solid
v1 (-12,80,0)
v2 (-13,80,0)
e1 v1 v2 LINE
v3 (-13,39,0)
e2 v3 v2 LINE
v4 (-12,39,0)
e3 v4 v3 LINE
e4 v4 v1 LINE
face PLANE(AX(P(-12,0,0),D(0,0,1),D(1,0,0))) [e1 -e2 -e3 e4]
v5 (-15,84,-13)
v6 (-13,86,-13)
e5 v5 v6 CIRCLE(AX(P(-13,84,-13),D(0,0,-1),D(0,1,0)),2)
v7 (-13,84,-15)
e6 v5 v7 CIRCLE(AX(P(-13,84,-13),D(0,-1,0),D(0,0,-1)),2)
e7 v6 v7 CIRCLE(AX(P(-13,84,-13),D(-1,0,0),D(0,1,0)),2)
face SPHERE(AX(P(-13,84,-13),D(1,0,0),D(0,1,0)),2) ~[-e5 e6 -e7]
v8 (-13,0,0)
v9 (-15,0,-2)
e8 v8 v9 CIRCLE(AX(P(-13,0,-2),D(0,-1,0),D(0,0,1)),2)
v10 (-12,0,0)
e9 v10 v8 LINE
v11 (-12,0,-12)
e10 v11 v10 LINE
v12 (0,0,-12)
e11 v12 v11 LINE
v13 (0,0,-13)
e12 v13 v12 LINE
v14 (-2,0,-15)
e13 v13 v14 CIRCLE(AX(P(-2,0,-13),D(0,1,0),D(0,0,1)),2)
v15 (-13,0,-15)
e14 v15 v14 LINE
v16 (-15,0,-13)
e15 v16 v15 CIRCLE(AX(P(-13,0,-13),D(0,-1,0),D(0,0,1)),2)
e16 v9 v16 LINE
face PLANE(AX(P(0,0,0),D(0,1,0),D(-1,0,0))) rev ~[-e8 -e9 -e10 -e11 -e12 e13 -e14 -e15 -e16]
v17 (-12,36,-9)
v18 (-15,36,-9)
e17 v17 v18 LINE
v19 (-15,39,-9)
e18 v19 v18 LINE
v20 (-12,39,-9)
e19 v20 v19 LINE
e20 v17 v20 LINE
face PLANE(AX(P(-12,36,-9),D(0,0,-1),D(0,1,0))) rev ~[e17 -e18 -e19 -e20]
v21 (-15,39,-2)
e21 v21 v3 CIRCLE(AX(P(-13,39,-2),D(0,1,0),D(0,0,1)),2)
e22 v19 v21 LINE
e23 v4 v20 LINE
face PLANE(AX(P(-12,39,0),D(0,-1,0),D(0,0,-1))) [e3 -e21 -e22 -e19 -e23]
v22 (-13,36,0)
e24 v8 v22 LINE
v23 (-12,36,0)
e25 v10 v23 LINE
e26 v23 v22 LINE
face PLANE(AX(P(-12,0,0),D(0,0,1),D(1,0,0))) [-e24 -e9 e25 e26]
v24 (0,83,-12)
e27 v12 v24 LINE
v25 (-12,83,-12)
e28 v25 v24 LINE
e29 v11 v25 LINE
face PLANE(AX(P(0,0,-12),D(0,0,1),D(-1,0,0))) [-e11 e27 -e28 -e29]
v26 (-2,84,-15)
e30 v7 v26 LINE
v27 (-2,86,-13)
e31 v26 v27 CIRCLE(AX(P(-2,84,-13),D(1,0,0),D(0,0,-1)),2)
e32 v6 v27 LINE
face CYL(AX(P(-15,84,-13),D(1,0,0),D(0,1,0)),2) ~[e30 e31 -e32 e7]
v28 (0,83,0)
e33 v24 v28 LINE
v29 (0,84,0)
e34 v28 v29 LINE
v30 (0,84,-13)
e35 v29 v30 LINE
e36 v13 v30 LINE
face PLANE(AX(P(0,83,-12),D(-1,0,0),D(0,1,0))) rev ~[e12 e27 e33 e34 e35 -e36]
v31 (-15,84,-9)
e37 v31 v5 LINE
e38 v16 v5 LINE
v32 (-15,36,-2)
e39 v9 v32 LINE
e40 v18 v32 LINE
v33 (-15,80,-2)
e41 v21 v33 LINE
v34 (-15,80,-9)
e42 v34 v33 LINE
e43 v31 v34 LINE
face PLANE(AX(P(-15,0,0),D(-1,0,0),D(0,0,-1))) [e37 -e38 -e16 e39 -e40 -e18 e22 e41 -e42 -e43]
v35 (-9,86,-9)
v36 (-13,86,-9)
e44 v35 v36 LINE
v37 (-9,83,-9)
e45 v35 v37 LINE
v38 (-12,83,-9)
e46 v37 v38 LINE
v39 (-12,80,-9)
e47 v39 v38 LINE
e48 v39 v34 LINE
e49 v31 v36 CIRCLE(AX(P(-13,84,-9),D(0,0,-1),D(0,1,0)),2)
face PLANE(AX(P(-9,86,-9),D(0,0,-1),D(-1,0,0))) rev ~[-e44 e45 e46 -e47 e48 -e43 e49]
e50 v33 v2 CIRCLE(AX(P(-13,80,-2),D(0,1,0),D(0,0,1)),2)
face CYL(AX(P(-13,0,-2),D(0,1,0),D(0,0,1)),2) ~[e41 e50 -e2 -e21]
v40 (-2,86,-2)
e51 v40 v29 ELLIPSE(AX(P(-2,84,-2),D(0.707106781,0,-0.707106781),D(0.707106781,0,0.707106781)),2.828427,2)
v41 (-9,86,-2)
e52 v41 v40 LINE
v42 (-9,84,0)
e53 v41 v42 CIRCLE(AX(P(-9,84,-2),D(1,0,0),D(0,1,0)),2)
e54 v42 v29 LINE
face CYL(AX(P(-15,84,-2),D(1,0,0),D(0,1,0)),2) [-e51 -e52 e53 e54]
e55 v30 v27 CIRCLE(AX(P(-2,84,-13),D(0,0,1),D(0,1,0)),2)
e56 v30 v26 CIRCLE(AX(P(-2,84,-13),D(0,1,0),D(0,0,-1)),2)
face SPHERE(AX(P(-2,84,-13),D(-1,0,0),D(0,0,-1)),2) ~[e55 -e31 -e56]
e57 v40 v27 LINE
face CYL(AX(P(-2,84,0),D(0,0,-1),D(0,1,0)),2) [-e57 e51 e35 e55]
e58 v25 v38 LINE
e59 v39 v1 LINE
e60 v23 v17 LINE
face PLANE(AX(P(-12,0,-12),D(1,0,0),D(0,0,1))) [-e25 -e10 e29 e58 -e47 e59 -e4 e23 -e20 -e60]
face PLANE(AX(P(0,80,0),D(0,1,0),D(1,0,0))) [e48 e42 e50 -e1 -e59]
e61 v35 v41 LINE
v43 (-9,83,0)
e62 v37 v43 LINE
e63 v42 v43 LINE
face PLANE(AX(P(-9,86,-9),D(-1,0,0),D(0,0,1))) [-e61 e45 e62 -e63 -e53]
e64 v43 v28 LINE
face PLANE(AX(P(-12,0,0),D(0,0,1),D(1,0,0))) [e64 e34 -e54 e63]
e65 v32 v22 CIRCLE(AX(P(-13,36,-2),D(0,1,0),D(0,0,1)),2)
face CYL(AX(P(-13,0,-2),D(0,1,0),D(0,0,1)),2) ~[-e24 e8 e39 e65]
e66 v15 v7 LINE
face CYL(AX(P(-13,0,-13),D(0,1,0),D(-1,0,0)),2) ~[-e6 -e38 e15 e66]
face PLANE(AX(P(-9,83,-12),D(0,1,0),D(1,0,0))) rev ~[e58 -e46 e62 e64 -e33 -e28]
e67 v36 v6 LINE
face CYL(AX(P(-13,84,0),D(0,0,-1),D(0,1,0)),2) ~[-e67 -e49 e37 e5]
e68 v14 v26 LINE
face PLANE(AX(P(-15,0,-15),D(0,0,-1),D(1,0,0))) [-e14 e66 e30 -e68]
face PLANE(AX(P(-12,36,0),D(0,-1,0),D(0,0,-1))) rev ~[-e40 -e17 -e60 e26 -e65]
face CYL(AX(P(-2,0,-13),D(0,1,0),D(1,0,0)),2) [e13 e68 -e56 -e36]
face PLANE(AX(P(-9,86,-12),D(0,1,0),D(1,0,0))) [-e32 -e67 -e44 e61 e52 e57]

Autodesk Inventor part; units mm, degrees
ref_plane "YZ Plane" through (0, 0, 0) normal (1, 0, 0) x (0, 1, 0)
ref_plane "XZ Plane" through (0, 0, 0) normal (0, 1, 0) x (-1, 0, 0)
ref_plane "XY Plane" through (0, 0, 0) normal (0, 0, 1) x (1, 0, 0)
sketch "Sketch1" plane through (0, 0, 0) normal (0, 1, 0) x (-1, 0, 0)
  line L0 (15, 0) -> (15, -15)
  line L1 (15, -15) -> (0, -15)
  line L2 (0, -15) -> (0, -12)
  line L3 (0, -12) -> (12, -12)
  line L4 (12, -12) -> (12, 0)
  line L5 (12, 0) -> (15, 0)
  point P0 (0, 0)
  dimension "d0" = 15
  dimension "d1" = 15
  dimension "d10" = 3
  dimension "d11" = 12
  dimension "d12" = 12
extrude "Extrusion1" add sketch "Sketch1" along normal blind 86
sketch "Sketch4" plane through (-12, 0, 0) normal (1, 0, 0) x (0, 0, -1)
  line L0 (0, 0) -> (0, 86) projected
  line L1 (12, 0) -> (12, 86) projected
  line L2 (0, 86) -> (12, 86)
  line L3 (12, 86) -> (12, 83)
  line L4 (12, 83) -> (0, 83)
  line L5 (0, 83) -> (0, 86)
  dimension "d13" = 3
extrude "Extrusion3" add sketch "Sketch4" along normal blind 3
sketch "Sketch6" plane through (-12, 0, -12) normal (0, 0, 1) x (1, 0, 0)
  line L0 (3, 86) -> (12, 86) projected
  line L1 (12, 86) -> (3, 86)
  line L2 (3, 86) -> (3, 83)
  line L3 (3, 83) -> (12, 83)
  line L4 (12, 83) -> (12, 86)
  point P0 (12, 0)
extrude "Extrusion4" add sketch "Sketch6" along normal blind 12
fillet "Fillet3" radius 2 7 edges at (-7.5, 86, -15) (-15, 86, -7.5) (-15, 43, -15) (0, 43, -15) (-7.5, 86, 0) (0, 86, -7.5) (-15, 43, 0)
sketch "Sketch11" plane through (0, 86, 0) normal (0, 1, 0) x (1, 0, 0)
  arc A0 (-15, 2) -> (-13, 0) centre (-13, 2) ccw projected
  line L0 (-13, 0) -> (-10, 0)
  line L1 (-15, 9) -> (-15, 0)
  line L2 (-15, 0) -> (-13, 0)
  line L3 (-9, 9) -> (-9, 0)
  line L4 (-9, 0) -> (-15, 0)
  line L5 (-9, 9) -> (-15, 9)
  point P0 (0, 0)
  point P1 (-13, 0)
extrude "Extrusion7" cut sketch "Sketch11" against normal blind 6
sketch "Sketch12" plane through (-12, 0, 0) normal (1, 0, 0) x (0, 0, -1)
  line L0 (0, 33) -> (9, 33) construction
  line L1 (0, 0) -> (0, 80) projected
  line L2 (0, 36) -> (9, 36)
  line L3 (0, 39) -> (0, 36)
  line L4 (9, 36) -> (9, 39)
  line L5 (0, 39) -> (9, 39)
  line L6 (0, 0) -> (0, 80) projected
  line L7 (0, 36) -> (0, 39)
extrude "Extrusion8" cut sketch "Sketch12" against normal through all
properties part number "DoosjeHoeken" material "ABS Plastic"
